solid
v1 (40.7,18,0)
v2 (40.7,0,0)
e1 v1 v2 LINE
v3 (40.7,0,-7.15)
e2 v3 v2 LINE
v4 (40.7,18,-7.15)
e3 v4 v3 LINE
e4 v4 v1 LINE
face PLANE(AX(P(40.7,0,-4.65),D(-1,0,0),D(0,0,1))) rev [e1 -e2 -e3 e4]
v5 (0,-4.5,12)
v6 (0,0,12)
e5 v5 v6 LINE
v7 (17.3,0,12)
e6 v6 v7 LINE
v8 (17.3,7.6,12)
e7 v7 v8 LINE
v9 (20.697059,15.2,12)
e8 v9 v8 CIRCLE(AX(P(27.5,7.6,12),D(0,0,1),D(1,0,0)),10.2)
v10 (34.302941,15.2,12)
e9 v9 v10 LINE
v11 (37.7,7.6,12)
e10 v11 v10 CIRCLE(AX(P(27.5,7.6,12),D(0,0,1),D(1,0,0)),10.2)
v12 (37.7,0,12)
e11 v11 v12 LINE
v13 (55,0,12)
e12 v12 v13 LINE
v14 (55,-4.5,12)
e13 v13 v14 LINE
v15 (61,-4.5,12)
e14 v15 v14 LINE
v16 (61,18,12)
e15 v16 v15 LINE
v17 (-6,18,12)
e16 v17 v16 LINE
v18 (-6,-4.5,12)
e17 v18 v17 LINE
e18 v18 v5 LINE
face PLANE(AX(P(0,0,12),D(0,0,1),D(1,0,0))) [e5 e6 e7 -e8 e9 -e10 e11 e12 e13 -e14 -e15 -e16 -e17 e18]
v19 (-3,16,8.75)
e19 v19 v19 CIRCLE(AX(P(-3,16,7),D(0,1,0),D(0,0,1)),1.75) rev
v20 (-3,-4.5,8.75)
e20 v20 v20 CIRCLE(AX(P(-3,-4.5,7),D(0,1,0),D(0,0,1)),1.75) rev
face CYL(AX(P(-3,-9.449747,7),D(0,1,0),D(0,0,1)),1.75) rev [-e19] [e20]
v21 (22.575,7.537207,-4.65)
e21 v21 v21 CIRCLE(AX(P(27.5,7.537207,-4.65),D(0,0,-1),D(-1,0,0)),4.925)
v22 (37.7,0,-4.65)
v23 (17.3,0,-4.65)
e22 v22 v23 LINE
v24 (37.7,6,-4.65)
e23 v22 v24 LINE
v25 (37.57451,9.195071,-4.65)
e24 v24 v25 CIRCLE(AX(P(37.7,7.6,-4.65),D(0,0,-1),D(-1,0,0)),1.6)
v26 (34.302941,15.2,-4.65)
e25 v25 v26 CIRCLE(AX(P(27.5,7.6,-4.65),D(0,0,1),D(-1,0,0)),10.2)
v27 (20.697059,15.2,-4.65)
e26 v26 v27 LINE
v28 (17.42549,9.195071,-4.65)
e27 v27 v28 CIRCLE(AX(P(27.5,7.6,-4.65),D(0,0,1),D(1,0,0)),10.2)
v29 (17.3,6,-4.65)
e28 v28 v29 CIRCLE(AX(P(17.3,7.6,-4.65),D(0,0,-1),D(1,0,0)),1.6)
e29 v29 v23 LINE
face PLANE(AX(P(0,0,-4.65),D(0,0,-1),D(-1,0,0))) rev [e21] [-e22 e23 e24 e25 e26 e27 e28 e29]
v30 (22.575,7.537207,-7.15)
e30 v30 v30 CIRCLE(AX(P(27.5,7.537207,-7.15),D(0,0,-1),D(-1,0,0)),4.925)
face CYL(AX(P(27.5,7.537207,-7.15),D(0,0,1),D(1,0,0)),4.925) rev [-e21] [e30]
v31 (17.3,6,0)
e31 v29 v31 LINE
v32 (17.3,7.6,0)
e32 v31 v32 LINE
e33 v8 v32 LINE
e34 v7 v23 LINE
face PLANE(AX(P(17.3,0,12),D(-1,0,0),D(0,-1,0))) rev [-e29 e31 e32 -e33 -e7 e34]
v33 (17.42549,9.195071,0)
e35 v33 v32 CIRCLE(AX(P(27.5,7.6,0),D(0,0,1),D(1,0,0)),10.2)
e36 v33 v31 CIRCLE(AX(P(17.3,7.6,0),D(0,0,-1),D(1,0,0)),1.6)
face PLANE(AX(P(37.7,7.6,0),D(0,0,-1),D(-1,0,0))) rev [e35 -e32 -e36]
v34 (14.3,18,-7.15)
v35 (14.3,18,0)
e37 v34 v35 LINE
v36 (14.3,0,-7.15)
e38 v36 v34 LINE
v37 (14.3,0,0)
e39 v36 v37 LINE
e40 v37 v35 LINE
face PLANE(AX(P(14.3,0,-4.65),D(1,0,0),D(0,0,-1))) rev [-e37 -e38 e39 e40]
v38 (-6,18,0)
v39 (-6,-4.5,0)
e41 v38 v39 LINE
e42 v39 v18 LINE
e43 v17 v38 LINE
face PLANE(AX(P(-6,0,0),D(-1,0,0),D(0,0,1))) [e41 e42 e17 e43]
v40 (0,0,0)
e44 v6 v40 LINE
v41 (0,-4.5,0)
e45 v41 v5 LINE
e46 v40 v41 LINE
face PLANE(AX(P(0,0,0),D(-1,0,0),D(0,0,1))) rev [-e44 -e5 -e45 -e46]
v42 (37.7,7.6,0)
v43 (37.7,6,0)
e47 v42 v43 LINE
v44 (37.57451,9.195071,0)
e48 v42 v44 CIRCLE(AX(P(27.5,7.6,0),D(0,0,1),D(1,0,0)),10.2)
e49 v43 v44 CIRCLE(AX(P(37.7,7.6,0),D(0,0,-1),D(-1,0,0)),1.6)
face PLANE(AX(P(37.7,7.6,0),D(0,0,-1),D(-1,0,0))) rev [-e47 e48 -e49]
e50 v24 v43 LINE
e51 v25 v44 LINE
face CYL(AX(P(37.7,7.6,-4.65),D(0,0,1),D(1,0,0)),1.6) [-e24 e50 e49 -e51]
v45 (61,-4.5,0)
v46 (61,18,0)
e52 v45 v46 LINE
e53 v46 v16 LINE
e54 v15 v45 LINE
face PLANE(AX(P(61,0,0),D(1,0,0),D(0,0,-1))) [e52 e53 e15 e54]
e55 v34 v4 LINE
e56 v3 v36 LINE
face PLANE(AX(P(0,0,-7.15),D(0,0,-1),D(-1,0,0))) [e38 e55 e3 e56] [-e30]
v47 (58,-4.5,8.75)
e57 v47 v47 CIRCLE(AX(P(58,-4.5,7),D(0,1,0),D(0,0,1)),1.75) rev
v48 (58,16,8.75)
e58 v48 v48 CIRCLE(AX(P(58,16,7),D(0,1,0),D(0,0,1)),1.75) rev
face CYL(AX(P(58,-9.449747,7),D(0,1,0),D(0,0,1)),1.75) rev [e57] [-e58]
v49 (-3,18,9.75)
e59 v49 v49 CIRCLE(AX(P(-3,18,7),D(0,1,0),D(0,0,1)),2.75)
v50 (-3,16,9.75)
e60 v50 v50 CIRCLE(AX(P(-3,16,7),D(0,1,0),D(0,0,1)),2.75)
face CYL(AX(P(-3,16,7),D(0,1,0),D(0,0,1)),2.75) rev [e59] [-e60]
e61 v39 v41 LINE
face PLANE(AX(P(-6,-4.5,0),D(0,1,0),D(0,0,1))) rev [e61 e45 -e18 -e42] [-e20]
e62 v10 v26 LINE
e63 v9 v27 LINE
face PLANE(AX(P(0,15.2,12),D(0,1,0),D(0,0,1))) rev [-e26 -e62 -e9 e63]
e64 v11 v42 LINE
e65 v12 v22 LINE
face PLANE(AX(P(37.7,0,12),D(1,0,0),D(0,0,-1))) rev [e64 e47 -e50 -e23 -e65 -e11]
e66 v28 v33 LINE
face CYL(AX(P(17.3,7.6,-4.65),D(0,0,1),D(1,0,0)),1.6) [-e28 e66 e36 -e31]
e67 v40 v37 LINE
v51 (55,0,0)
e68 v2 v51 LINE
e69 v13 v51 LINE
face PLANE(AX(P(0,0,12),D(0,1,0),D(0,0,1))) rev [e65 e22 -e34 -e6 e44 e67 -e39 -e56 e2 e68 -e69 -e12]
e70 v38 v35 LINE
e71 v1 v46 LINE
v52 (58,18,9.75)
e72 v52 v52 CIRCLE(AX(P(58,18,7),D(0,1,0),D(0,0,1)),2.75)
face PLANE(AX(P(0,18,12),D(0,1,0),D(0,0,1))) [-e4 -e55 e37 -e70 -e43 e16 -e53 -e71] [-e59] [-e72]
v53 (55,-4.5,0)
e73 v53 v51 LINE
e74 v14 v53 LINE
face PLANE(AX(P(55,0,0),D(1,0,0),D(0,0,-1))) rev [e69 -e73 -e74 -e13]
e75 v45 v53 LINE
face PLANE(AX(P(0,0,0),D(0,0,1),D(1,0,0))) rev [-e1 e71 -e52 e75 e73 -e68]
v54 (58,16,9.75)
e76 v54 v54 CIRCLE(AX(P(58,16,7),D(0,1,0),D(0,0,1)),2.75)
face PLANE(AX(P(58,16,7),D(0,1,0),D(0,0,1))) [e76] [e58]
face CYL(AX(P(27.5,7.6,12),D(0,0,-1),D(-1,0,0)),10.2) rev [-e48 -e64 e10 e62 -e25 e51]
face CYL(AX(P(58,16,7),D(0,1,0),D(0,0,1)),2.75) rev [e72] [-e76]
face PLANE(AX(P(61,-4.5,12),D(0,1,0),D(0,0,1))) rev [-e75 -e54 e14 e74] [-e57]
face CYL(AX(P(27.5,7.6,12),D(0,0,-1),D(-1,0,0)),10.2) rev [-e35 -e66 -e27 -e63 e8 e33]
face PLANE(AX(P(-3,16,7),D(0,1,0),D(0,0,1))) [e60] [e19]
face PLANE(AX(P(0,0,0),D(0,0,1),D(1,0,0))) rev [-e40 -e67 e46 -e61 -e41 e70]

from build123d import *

# Parameters (mm, degrees)
BOSS_EXTRUDE2_DEPTH = 12
SKETCH2_W           = 12
SKETCH2_H           = 22.5
BOSS_EXTRUDE3_DEPTH = 6
SKETCH3_W           = 12
SKETCH3_H           = 22.5
BOSS_EXTRUDE4_DEPTH = 6
SKETCH4_R           = 1.75
CUT_EXTRUDE1_DEPTH  = 22.5
BOSS_EXTRUDE5_DEPTH = 4.65
SKETCH6_W           = 26.4
SKETCH6_H           = 18
SKETCH6_R           = 4.925
BOSS_EXTRUDE6_DEPTH = 2.5
SKETCH7_R           = 2.75
CUT_EXTRUDE2_DEPTH  = 2


with BuildPart() as part:
    # Sketch1 → Boss-Extrude2 (new body)
    with BuildSketch(Plane.XY):
        Polygon((0, 18), (0, 0), (17.3, 0), (17.3, 7.6), (17.3, 15.2), (20.697059459, 15.2), (34.302940541, 15.2), (37.7, 15.2), (37.7, 7.6), (37.7, 0), (55, 0), (55, 18), align=None)
        with BuildLine():
            Line((17.3, 15.2), (17.3, 7.6))
            ThreePointArc((17.3, 7.6), (18.187911257, 11.762331467), (20.697059459, 15.2))
            Line((20.697059459, 15.2), (17.3, 15.2))
        make_face()
        with BuildLine():
            Line((37.7, 15.2), (34.302940541, 15.2))
            ThreePointArc((34.302940541, 15.2), (36.812088743, 11.762331467), (37.7, 7.6))
            Line((37.7, 7.6), (37.7, 15.2))
        make_face()
    extrude(amount=BOSS_EXTRUDE2_DEPTH)

    # Sketch2 → Boss-Extrude3 (add)
    with BuildSketch(Plane.ZY):
        with Locations((6, 6.75)):
            Rectangle(SKETCH2_W, SKETCH2_H)
    extrude(amount=BOSS_EXTRUDE3_DEPTH)

    # Sketch3 → Boss-Extrude4 (add)
    with BuildSketch(Plane(origin=(55, 0, 0), x_dir=(0, 0, -1), z_dir=(1, 0, 0))):
        with Locations((-6, 6.75)):
            Rectangle(SKETCH3_W, SKETCH3_H)
    extrude(amount=BOSS_EXTRUDE4_DEPTH)

    # Sketch4 → Cut-Extrude1 (cut)
    with BuildSketch(Plane(origin=(0, 18, 0), x_dir=(1, 0, 0), z_dir=(0, 1, 0))):
        with Locations((-3, -7)):
            Circle(SKETCH4_R)
        with Locations((58, -7)):
            Circle(SKETCH4_R)
    extrude(amount=-CUT_EXTRUDE1_DEPTH, mode=Mode.SUBTRACT)

    # Sketch5 → Boss-Extrude5 (add)
    with BuildSketch(Plane(origin=(0, 0, 0), x_dir=(-1, 0, 0), z_dir=(0, 0, -1))):
        with BuildLine():
            Line((-37.7, 0), (-40.7, 0))
            Line((-40.7, 0), (-40.7, 18))
            Line((-40.7, 18), (-14.3, 18))
            Line((-14.3, 18), (-14.3, 0))
            Line((-14.3, 0), (-17.3, 0))
            Line((-17.3, 0), (-17.3, 6))
            ThreePointArc((-17.3, 6), (-18.898767331, 7.537206525), (-17.425490196, 9.195071224))
            ThreePointArc((-17.425490196, 9.195071224), (-18.543054375, 12.47986937), (-20.697059459, 15.2))
            Line((-20.697059459, 15.2), (-34.302940541, 15.2))
            ThreePointArc((-34.302940541, 15.2), (-36.456945625, 12.47986937), (-37.574509804, 9.195071224))
            ThreePointArc((-37.574509804, 9.195071224), (-36.101232669, 7.537206525), (-37.7, 6))
            Line((-37.7, 6), (-37.7, 0))
        make_face()
    extrude(amount=BOSS_EXTRUDE5_DEPTH)

    # Sketch6 → Boss-Extrude6 (add)
    with BuildSketch(Plane(origin=(0, 0, -4.65), x_dir=(-1, 0, 0), z_dir=(0, 0, -1))):
        with Locations((-27.5, 9)):
            Rectangle(SKETCH6_W, SKETCH6_H)
        with Locations((-27.5, 7.537206525)):
            Circle(SKETCH6_R, mode=Mode.SUBTRACT)
    extrude(amount=BOSS_EXTRUDE6_DEPTH)

    # Sketch7 → Cut-Extrude2 (cut)
    with BuildSketch(Plane(origin=(0, 18, 0), x_dir=(1, 0, 0), z_dir=(0, 1, 0))):
        with Locations((-3, -7)):
            Circle(SKETCH7_R)
        with Locations((58, -7)):
            Circle(SKETCH7_R)
    extrude(amount=-CUT_EXTRUDE2_DEPTH, mode=Mode.SUBTRACT)


solid = part.part
